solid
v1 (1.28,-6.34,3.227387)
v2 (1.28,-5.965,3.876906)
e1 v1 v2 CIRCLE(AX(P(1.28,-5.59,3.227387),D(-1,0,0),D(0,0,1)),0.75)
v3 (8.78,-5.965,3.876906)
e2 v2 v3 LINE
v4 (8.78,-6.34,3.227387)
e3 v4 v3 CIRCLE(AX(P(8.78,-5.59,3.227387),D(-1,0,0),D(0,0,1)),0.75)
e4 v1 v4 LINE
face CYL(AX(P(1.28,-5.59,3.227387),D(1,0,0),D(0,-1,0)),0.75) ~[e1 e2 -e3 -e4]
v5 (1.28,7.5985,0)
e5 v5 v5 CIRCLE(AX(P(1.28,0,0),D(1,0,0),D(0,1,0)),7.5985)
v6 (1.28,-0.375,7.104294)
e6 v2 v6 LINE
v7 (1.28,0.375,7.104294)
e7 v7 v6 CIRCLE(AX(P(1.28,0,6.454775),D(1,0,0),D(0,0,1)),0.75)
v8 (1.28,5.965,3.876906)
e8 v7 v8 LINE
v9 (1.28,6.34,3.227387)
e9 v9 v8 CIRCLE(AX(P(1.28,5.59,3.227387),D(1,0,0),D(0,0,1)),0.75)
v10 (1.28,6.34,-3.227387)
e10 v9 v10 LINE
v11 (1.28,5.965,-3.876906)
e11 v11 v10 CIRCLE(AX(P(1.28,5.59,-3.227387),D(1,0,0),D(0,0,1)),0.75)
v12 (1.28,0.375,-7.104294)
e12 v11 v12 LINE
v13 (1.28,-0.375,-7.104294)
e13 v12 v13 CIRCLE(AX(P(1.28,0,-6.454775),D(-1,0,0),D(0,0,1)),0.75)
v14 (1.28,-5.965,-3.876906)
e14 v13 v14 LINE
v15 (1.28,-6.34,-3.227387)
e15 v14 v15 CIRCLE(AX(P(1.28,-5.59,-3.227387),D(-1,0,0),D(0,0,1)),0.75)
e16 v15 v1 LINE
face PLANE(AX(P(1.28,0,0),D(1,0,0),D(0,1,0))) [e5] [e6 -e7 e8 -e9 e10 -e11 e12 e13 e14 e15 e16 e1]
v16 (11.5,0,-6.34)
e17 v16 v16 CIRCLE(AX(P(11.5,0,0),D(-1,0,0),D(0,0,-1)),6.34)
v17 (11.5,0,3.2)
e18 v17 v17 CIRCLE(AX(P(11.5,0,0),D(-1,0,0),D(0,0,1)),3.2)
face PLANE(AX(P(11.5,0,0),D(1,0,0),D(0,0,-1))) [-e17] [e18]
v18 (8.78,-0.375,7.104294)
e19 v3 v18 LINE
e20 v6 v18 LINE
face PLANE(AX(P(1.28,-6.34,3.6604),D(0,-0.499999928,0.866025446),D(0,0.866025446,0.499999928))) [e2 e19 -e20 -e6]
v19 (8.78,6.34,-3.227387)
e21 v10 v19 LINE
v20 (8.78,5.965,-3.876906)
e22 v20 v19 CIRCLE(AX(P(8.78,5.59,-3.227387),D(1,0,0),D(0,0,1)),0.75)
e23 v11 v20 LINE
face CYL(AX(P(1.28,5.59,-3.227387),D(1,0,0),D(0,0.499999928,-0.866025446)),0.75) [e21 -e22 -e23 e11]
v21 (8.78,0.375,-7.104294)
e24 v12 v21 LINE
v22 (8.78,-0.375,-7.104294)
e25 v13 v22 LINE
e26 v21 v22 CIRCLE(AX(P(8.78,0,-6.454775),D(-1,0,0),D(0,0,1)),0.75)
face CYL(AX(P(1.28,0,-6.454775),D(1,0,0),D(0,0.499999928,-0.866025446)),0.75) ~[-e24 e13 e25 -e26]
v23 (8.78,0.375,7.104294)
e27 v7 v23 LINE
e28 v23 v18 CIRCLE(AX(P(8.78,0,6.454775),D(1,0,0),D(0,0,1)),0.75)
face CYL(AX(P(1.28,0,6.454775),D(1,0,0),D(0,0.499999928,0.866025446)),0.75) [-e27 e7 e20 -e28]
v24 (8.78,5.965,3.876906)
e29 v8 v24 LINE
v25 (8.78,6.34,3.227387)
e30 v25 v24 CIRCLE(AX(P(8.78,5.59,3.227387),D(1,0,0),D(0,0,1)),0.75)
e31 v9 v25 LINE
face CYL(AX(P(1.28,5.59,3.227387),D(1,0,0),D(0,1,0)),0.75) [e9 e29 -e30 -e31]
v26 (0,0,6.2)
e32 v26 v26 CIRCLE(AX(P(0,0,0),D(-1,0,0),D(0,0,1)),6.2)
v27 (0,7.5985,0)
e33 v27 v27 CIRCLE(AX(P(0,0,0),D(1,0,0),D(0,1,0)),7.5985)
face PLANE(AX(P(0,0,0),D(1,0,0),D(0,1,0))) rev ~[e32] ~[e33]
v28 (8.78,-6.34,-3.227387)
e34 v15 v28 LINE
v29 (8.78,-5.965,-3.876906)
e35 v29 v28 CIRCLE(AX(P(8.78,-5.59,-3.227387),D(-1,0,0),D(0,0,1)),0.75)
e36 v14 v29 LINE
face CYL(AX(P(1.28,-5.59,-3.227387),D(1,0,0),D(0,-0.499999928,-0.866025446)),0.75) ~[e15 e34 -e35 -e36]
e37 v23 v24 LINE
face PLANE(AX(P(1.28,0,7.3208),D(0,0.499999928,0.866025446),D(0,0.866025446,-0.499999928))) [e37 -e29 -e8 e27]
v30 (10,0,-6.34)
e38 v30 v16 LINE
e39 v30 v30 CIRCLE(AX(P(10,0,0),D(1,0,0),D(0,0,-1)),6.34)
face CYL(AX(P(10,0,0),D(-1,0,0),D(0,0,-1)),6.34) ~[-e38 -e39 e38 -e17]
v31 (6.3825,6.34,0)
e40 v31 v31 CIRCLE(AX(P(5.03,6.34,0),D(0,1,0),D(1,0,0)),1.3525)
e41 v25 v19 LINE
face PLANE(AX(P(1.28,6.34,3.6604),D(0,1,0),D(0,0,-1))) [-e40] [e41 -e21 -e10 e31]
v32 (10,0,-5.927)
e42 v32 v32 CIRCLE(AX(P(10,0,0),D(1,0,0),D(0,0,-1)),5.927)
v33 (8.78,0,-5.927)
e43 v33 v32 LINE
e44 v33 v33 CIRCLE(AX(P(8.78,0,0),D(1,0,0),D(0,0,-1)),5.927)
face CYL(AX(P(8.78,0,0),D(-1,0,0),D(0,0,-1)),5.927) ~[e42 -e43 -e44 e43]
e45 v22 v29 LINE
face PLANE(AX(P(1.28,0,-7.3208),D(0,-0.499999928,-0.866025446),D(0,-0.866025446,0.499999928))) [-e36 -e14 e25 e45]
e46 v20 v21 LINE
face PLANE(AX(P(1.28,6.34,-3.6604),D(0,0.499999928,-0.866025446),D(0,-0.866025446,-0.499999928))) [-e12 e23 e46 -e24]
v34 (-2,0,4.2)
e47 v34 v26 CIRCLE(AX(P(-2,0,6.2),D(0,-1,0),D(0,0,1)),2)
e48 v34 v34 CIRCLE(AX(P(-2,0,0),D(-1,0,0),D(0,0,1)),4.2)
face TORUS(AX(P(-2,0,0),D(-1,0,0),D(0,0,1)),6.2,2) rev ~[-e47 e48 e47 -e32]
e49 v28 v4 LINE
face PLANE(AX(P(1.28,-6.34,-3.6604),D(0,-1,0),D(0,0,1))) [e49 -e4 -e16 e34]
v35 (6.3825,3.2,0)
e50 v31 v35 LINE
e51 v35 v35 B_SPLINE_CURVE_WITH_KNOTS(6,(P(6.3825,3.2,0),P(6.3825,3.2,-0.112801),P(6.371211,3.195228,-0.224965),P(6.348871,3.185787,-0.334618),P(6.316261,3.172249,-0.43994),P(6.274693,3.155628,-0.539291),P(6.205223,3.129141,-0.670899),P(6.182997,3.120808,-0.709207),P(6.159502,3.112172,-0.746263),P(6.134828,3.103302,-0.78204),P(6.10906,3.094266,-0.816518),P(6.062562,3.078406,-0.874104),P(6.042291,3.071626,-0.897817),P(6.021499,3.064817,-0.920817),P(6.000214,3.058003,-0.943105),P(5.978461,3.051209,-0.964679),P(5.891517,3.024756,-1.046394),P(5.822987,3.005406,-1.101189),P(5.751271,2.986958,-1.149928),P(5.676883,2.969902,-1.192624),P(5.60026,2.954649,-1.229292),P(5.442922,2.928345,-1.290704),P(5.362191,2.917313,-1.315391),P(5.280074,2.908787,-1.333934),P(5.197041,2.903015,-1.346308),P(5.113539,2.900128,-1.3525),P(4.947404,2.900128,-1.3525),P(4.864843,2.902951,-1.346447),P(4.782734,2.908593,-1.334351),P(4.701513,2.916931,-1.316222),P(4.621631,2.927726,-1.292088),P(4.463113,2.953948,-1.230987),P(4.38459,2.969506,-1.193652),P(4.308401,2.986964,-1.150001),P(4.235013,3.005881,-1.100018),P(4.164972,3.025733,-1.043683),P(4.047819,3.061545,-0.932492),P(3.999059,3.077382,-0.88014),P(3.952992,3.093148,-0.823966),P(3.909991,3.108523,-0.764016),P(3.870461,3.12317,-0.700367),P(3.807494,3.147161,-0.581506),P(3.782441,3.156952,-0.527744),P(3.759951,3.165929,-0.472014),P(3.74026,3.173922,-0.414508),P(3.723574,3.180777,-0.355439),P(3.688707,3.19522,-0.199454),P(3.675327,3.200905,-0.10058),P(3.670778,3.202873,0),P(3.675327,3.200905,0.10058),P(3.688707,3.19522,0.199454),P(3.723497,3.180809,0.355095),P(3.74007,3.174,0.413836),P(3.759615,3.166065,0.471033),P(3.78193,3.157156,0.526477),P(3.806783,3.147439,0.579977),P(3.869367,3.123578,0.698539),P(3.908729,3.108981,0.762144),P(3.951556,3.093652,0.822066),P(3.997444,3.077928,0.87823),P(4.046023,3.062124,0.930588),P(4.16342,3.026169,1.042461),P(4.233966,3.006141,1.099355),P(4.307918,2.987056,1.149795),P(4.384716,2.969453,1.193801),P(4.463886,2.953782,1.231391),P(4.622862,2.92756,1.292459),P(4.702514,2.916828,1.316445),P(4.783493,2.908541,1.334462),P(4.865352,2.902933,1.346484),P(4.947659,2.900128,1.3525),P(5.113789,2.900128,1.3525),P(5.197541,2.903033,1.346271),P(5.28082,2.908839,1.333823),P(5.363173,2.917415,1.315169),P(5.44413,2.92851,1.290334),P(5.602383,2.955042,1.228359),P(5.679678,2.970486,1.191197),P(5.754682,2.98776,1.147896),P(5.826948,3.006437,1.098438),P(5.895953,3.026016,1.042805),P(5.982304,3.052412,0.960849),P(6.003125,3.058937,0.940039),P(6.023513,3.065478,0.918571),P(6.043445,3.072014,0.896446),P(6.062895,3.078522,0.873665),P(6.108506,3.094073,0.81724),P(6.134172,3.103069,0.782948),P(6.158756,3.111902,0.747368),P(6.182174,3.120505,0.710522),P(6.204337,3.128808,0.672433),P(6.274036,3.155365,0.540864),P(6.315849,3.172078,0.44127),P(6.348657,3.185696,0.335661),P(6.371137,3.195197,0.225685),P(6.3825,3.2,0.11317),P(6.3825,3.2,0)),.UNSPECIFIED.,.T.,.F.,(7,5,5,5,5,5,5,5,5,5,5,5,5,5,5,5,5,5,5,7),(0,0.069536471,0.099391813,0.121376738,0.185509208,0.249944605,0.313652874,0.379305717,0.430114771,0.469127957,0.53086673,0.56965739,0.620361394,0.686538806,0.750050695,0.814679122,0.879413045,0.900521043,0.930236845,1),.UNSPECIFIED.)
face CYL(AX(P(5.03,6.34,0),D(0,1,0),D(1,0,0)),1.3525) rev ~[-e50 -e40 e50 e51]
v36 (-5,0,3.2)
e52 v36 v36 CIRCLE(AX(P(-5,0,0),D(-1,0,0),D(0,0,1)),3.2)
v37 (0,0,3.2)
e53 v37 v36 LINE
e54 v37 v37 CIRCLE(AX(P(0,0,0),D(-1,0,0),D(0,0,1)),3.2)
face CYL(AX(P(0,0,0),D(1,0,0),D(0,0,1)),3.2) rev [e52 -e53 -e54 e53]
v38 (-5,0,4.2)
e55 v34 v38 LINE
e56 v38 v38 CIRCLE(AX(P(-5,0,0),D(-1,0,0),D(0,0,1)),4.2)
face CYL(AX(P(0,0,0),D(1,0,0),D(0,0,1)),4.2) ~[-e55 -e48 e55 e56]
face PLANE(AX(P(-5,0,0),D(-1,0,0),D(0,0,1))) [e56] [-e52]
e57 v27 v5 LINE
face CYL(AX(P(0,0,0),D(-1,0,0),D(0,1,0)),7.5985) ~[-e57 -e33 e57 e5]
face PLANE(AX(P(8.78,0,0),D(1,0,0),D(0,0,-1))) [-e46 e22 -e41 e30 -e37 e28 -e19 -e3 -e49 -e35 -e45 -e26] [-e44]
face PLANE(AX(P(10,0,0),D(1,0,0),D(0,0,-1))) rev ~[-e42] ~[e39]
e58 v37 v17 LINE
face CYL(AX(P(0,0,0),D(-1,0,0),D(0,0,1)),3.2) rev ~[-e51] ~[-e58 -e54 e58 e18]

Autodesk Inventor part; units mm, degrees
ref_plane "YZ Plane" through (0, 0, 0) normal (1, 0, 0) x (0, 1, 0)
ref_plane "XZ Plane" through (0, 0, 0) normal (0, 1, 0) x (-1, 0, 0)
ref_plane "XY Plane" through (0, 0, 0) normal (0, 0, 1) x (1, 0, 0)
sketch "Sketch1" plane through (0, 0, 0) normal (1, 0, 0) x (0, 1, 0)
  circle A0 centre (0, 0) radius 7.5985
  dimension "d0" = 15.197
extrude "Extrusion1" add sketch "Sketch1" along normal blind 1.28
sketch "Sketch2" plane through (1.28, 0, 0) normal (1, 0, 0) x (0, 0, -1)
  line L0 (3.6604, 6.34) -> (7.3208, 0)
  line L1 (7.3208, 0) -> (3.6604, -6.34)
  line L2 (3.6604, -6.34) -> (-3.6604, -6.34)
  line L3 (-3.6604, -6.34) -> (-7.3208, 0)
  line L4 (-7.3208, 0) -> (-3.6604, 6.34)
  line L5 (-3.6604, 6.34) -> (3.6604, 6.34)
  point P0 (0, 0)
  point P1 (0, 6.34)
  point P2 (0, 0)
extrude "Extrusion2" add sketch "Sketch2" along normal blind 7.5
sketch "Sketch3" plane through (8.78, 0, 0) normal (1, 0, 0) x (0, 0, -1)
  circle A0 centre (0, 0) radius 5.927
  dimension "d5" = 11.854
extrude "Extrusion3" add sketch "Sketch3" along normal blind 1.22
sketch "Sketch4" plane through (10, 0, 0) normal (1, 0, 0) x (0, 0, -1)
  circle A0 centre (0, 0) radius 6.34
  line L0 (3.6604, 6.34) -> (-3.6604, 6.34) projected
extrude "Extrusion4" add sketch "Sketch4" along normal blind 1.5
fillet "Fillet1" radius 0.75 5 edges at (5.03, 0, -7.3208) (5.03, -6.34, -3.6604) (5.03, 0, 7.3208) (5.03, 6.34, -3.6604) (5.03, 6.34, 3.6604)
fillet "Fillet2" radius 0.75 1 edges at (5.03, -6.34, 3.6604)
sketch "Sketch5" plane through (0, 0, 0) normal (-1, 0, 0) x (0, 0, 1)
  point P0 (0, 0)
sketch "Sketch6" plane through (1.28, 6.34, 3.2274) normal (0, 1, 0) x (1, 0, 0)
  circle A0 centre (3.75, 3.2274) radius 1.3525
  point P0 (-1.28, 3.2274)
  dimension "d12" = 2.705
extrude "Extrusion5" cut sketch "Sketch6" against normal blind 6.5
sketch "Sketch7" plane through (0, 0, 0) normal (-1, 0, 0) x (0, 0, 1)
  circle A0 centre (0, 0) radius 3.2
  dimension "d15" = 6.4
sketch "Sketch8" plane through (5.03, -0.16, 0) normal (0, 1, 0) x (1, 0, 0)
  point P0 (-5.03, 0)
extrude "Extrusion6" cut sketch "Sketch7" against normal blind 11.75
sketch "Sketch9" plane through (0, 0, 0) normal (-1, 0, 0) x (0, 0, 1)
  circle A0 centre (0, 0) radius 3.2
  circle A1 centre (0, 0) radius 4.2
  dimension "d18" = 8.4
extrude "Extrusion7" add sketch "Sketch9" along normal blind 5
fillet "Fillet3" radius 2 1 edges at (0, 0, -4.2)
properties part number "_3DPrint"
